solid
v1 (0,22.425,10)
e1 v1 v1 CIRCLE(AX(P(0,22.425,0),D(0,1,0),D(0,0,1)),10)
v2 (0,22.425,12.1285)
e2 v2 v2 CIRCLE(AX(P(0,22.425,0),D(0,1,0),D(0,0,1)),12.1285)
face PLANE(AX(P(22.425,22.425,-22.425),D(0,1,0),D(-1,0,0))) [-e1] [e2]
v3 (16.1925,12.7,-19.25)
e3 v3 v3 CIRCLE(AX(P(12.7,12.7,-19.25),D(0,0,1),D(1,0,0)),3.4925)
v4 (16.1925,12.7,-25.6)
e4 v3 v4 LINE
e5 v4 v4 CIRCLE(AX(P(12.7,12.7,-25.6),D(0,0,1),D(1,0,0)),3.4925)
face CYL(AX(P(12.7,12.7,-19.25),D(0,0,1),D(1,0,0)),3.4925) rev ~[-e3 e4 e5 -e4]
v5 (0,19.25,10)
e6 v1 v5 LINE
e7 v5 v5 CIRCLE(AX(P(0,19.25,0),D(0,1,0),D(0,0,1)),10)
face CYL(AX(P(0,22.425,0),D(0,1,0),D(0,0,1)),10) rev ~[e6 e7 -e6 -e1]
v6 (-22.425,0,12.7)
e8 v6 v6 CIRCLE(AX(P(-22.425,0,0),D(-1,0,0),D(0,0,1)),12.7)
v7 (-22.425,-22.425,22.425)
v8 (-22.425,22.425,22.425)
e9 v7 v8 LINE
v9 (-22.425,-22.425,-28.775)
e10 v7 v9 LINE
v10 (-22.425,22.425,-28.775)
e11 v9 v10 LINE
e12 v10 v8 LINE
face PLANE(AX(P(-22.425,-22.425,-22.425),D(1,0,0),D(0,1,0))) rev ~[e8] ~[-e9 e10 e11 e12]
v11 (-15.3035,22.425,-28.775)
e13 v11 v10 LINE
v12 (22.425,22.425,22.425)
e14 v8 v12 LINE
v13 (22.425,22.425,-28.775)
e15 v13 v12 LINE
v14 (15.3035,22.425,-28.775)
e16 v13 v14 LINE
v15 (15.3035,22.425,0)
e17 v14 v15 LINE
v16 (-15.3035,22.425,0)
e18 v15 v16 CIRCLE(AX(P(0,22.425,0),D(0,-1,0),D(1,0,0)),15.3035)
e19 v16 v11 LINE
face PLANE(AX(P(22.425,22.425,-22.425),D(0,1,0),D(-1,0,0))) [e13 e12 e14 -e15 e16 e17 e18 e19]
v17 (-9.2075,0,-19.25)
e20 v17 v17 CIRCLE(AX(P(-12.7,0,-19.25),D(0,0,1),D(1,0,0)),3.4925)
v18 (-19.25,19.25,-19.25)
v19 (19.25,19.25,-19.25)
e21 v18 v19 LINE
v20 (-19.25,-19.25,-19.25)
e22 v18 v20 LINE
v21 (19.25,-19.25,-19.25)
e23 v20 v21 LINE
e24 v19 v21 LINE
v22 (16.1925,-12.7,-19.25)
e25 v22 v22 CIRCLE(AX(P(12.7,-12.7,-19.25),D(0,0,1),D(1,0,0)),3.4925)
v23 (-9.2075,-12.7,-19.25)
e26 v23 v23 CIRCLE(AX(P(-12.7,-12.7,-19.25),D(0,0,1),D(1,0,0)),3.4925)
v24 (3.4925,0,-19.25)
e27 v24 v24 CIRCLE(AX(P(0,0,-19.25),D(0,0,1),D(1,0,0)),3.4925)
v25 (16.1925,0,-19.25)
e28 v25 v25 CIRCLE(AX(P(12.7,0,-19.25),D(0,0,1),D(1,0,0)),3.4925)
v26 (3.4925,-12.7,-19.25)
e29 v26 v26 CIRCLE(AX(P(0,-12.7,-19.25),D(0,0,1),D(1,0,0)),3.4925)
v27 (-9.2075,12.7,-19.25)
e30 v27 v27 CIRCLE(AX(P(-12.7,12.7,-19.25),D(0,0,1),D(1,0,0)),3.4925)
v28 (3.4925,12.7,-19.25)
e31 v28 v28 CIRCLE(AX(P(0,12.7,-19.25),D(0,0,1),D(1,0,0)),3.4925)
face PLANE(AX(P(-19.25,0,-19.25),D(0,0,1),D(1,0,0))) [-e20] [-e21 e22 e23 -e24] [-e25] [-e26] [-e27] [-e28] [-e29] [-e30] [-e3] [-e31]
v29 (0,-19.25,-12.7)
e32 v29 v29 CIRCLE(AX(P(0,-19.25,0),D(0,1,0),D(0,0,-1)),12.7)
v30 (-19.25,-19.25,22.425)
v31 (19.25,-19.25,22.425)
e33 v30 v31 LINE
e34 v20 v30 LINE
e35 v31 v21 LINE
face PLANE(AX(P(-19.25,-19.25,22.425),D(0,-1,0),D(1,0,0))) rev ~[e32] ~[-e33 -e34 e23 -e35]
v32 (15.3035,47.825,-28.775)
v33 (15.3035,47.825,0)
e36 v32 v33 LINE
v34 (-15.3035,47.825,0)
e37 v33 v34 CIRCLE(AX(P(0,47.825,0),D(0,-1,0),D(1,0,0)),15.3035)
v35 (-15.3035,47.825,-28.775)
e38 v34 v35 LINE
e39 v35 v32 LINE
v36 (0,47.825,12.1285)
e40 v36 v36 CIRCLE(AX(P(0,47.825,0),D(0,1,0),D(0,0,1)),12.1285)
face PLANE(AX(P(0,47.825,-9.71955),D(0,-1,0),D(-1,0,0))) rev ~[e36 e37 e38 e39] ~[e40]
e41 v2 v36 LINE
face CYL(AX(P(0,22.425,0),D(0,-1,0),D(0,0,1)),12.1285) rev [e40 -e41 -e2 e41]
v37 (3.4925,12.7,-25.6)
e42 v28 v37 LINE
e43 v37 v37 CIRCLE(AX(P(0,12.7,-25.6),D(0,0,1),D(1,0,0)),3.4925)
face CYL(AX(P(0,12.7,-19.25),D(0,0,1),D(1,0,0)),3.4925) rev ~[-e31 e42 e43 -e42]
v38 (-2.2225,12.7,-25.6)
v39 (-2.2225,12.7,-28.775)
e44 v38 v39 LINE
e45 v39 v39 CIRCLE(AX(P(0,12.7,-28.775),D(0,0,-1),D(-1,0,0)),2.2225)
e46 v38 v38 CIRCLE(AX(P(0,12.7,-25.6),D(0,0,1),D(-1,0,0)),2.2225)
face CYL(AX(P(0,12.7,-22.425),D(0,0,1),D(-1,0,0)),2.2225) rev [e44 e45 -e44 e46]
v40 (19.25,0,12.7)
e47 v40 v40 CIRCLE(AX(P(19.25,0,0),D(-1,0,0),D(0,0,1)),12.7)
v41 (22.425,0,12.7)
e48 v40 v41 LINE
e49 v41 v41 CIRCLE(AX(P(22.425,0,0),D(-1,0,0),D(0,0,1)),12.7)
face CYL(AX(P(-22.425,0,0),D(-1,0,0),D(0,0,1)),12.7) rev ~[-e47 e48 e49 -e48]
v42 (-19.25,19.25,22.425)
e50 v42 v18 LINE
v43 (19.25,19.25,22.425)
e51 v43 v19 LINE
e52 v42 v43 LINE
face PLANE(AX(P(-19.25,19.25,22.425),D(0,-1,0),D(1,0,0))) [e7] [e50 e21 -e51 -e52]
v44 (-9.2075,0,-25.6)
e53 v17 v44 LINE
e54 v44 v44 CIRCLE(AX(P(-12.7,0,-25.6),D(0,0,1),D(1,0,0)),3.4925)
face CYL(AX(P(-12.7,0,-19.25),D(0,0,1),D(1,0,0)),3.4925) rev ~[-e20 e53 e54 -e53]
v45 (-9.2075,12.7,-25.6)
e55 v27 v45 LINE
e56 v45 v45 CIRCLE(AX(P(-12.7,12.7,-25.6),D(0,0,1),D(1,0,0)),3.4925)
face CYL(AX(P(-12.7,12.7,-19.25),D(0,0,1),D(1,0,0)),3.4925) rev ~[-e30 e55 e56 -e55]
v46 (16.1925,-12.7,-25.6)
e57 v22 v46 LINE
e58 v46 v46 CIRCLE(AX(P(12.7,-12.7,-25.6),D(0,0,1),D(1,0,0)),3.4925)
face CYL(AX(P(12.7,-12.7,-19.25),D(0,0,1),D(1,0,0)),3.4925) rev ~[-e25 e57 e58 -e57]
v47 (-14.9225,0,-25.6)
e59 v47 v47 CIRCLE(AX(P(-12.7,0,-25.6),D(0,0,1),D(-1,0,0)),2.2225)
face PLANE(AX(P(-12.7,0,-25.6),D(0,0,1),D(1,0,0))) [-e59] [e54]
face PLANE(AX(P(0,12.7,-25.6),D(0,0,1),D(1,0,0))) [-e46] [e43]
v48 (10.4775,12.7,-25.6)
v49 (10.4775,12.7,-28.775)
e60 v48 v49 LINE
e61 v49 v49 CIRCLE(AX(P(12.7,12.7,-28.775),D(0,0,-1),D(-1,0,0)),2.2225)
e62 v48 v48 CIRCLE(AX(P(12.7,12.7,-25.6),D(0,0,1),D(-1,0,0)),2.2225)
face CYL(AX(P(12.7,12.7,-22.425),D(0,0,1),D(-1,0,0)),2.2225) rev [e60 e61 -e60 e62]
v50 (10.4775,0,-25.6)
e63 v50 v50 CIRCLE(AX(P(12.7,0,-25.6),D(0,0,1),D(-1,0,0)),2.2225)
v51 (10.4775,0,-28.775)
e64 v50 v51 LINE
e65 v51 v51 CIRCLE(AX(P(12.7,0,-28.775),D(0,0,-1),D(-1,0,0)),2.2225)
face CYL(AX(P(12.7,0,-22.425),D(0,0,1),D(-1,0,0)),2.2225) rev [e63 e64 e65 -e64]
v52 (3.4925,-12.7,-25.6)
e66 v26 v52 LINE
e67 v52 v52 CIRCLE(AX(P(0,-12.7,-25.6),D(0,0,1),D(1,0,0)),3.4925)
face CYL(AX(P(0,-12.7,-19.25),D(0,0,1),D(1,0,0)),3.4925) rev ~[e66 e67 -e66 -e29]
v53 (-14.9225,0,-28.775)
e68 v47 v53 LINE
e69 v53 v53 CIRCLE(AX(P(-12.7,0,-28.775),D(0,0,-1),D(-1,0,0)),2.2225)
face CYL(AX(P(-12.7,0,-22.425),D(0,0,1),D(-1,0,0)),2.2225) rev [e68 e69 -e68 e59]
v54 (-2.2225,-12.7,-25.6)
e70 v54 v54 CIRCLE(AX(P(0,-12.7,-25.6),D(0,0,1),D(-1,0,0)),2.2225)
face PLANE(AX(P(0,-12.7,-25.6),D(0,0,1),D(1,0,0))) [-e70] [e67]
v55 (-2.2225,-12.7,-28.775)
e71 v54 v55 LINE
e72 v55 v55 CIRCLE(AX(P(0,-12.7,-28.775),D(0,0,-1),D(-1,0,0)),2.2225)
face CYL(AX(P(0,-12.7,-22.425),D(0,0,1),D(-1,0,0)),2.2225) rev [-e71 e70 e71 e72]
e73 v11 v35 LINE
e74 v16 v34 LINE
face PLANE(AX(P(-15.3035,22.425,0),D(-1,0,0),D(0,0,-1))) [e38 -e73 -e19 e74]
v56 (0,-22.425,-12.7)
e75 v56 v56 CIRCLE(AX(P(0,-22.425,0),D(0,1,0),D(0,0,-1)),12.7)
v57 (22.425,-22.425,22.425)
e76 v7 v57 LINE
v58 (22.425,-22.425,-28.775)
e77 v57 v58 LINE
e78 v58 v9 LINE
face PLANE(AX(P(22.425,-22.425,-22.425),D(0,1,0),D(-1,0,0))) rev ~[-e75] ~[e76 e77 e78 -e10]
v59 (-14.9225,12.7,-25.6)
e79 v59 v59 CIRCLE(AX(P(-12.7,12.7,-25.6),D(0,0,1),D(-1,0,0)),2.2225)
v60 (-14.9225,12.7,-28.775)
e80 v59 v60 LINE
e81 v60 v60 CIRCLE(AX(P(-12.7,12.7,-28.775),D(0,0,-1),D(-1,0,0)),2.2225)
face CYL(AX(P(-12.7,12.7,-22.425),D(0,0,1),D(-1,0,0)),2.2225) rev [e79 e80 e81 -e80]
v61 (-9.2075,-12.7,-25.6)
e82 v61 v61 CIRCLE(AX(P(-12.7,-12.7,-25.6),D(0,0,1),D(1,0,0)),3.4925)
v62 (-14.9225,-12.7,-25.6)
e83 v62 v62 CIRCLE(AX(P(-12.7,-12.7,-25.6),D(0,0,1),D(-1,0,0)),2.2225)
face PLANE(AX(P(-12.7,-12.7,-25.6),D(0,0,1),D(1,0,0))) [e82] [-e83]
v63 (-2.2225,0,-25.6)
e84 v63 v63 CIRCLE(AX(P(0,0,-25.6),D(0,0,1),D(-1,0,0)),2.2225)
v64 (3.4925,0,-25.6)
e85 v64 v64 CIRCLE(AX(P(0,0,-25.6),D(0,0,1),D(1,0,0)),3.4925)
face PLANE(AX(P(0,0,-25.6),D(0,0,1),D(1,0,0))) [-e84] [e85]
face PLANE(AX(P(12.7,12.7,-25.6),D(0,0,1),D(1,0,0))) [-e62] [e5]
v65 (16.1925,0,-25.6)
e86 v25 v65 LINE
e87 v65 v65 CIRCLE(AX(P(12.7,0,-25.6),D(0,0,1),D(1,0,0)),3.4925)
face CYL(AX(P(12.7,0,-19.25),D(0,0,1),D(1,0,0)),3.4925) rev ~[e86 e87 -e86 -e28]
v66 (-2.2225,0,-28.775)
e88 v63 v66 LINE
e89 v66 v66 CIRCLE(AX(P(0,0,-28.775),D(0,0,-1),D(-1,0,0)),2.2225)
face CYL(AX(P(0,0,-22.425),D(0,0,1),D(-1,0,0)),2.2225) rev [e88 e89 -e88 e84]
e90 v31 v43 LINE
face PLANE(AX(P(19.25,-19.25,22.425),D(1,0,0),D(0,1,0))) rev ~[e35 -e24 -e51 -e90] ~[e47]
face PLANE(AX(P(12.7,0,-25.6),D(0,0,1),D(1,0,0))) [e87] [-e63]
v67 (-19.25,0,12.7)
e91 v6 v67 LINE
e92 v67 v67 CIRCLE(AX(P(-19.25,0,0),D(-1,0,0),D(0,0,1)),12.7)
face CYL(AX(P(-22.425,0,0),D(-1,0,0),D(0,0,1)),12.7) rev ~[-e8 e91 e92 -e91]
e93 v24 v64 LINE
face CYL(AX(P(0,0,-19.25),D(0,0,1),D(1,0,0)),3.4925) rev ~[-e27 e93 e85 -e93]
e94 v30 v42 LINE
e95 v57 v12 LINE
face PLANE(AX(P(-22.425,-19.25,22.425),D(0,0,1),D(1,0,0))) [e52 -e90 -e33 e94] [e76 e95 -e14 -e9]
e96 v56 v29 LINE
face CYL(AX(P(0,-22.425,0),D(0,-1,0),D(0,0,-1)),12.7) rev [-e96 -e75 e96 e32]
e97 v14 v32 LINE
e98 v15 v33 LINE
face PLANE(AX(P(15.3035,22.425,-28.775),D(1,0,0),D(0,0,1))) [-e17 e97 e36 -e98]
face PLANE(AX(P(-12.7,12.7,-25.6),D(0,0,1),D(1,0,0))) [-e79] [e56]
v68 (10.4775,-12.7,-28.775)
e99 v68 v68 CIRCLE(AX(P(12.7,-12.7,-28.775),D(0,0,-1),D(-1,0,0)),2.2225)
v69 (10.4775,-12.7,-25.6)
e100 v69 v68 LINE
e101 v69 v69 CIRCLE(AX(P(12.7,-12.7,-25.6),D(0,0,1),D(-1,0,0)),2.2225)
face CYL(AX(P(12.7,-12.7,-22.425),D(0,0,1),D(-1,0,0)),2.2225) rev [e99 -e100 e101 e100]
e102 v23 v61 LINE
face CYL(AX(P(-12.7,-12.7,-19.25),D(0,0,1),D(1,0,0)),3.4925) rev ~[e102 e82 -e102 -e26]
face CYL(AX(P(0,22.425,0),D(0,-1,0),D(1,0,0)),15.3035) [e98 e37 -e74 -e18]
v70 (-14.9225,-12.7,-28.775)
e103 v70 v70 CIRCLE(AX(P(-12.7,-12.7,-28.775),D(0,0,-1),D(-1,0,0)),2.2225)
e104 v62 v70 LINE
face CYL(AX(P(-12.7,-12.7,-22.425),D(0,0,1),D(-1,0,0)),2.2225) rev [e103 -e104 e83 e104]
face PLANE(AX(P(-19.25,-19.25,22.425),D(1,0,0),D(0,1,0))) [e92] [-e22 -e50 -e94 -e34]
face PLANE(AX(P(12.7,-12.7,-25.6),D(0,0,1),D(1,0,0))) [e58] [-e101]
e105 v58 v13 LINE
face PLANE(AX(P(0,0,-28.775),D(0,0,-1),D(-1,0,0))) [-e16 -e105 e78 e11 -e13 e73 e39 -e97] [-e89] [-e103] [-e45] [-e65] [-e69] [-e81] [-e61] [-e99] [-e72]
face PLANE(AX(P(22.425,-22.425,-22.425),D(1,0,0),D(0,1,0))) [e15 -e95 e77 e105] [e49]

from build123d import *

# Parameters (mm, degrees)
SKETCH1_W           = 44.85
SKETCH1_H           = 44.85
SKETCH1_W_2         = 38.5
SKETCH1_H_2         = 38.5
BOSS_EXTRUDE1_DEPTH = 19.25
SKETCH2_W           = 44.85
SKETCH2_H           = 44.85
BOSS_EXTRUDE2_DEPTH = 3.175
SKETCH3_W           = 44.85
SKETCH3_H           = 44.85
BOSS_EXTRUDE3_DEPTH = 3.175
SKETCH5_R           = 12.7
CUT_EXTRUDE1_DEPTH  = 3.175
CUT_EXTRUDE2_START  = 22.425
SKETCH6_R           = 10
CUT_EXTRUDE2_DEPTH  = 41.675
SKETCH7_R           = 12.7
CUT_EXTRUDE3_DEPTH  = 55.929807482
SKETCH8_W           = 44.85
SKETCH8_H           = 44.85
SKETCH8_R           = 2.2225
BOSS_EXTRUDE4_DEPTH = 6.35
SKETCH9_R           = 3.4925
CUT_EXTRUDE4_DEPTH  = 6.35
CUT_EXTRUDE5_REACH  = 62.226
SKETCH10_W          = 38.5
SKETCH10_H          = 38.5
SKETCH11_R          = 12.1285
BOSS_EXTRUDE5_DEPTH = 25.4


with BuildPart() as part:
    # Sketch1 → Boss-Extrude1 (new, symmetric)
    with BuildSketch(Plane(origin=(0, 0, 0), x_dir=(1, 0, 0), z_dir=(0, 1, 0))):
        Rectangle(SKETCH1_W, SKETCH1_H)
        Rectangle(SKETCH1_W_2, SKETCH1_H_2, mode=Mode.SUBTRACT)
    extrude(amount=BOSS_EXTRUDE1_DEPTH, both=True)

    # Sketch2 → Boss-Extrude2 (add)
    with BuildSketch(Plane(origin=(0, 19.25, 0), x_dir=(1, 0, 0), z_dir=(0, 1, 0))):
        Rectangle(SKETCH2_W, SKETCH2_H)
    extrude(amount=BOSS_EXTRUDE2_DEPTH)

    # Sketch3 → Boss-Extrude3 (add)
    with BuildSketch(Plane.XZ.offset(19.25)):
        Rectangle(SKETCH3_W, SKETCH3_H)
    extrude(amount=BOSS_EXTRUDE3_DEPTH)

    # Sketch5 → Cut-Extrude1 (cut)
    with BuildSketch(Plane(origin=(0, -22.425, -22.425), x_dir=(1, 0, 0), z_dir=(0, 1, 0))):
        with Locations(Location((0, -22.425, 0), (0, 0, 90))):
            Circle(SKETCH5_R)
    extrude(amount=CUT_EXTRUDE1_DEPTH, mode=Mode.SUBTRACT)

    # Sketch6 → Cut-Extrude2 (cut)
    with BuildSketch(Plane(origin=(0, 0, 0), x_dir=(1, 0, 0), z_dir=(0, 1, 0)).offset(CUT_EXTRUDE2_START)):
        with Locations(Location((0, 0, 0), (0, 0, 270))):
            Circle(SKETCH6_R)
    extrude(amount=-CUT_EXTRUDE2_DEPTH, mode=Mode.SUBTRACT)

    # Sketch7 → Cut-Extrude3 (cut, through all)
    with BuildSketch(Plane.ZY.offset(22.425)):
        Circle(SKETCH7_R)
    extrude(amount=-CUT_EXTRUDE3_DEPTH, mode=Mode.SUBTRACT)

    # Sketch8 → Boss-Extrude4 (add)
    with BuildSketch(Plane(origin=(0, 0, -22.425), x_dir=(-1, 0, 0), z_dir=(0, 0, -1))):
        Rectangle(SKETCH8_W, SKETCH8_H)
        with Locations((-12.7, 12.7)):
            Circle(SKETCH8_R, mode=Mode.SUBTRACT)
        with Locations((0, 12.7)):
            Circle(SKETCH8_R, mode=Mode.SUBTRACT)
        with Locations((12.7, 12.7)):
            Circle(SKETCH8_R, mode=Mode.SUBTRACT)
        Circle(SKETCH8_R, mode=Mode.SUBTRACT)
        with Locations((12.7, 0)):
            Circle(SKETCH8_R, mode=Mode.SUBTRACT)
        with Locations((0, -12.7)):
            Circle(SKETCH8_R, mode=Mode.SUBTRACT)
        with Locations((12.7, -12.7)):
            Circle(SKETCH8_R, mode=Mode.SUBTRACT)
        with Locations((-12.7, 0)):
            Circle(SKETCH8_R, mode=Mode.SUBTRACT)
        with Locations((-12.7, -12.7)):
            Circle(SKETCH8_R, mode=Mode.SUBTRACT)
    extrude(amount=BOSS_EXTRUDE4_DEPTH)

    # Sketch9 → Cut-Extrude4 (cut)
    with BuildSketch(Plane.XY.offset(-19.25)):
        with Locations((12.7, 12.7)):
            Circle(SKETCH9_R)
        with Locations((0, 12.7)):
            Circle(SKETCH9_R)
        with Locations((-12.7, 12.7)):
            Circle(SKETCH9_R)
        Circle(SKETCH9_R)
        with Locations((-12.7, 0)):
            Circle(SKETCH9_R)
        with Locations((0, -12.7)):
            Circle(SKETCH9_R)
        with Locations((-12.7, -12.7)):
            Circle(SKETCH9_R)
        with Locations((12.7, 0)):
            Circle(SKETCH9_R)
        with Locations((12.7, -12.7)):
            Circle(SKETCH9_R)
    extrude(amount=-CUT_EXTRUDE4_DEPTH, mode=Mode.SUBTRACT)

    # Sketch10 → Cut-Extrude5 (cut, up to next)
    with BuildSketch(Plane.XY.offset(22.425), mode=Mode.PRIVATE) as cut_extrude5_sk1:
        Rectangle(SKETCH10_W, SKETCH10_H)
    cut_extrude5_tool1 = extrude(cut_extrude5_sk1.sketch, amount=-CUT_EXTRUDE5_REACH, mode=Mode.PRIVATE) & part.part
    add(cut_extrude5_tool1.solids().sort_by_distance((0, 0, 22.425))[0], mode=Mode.SUBTRACT)

    # Sketch11 → Boss-Extrude5 (add)
    with BuildSketch(Plane(origin=(0, 22.425, 0), x_dir=(1, 0, 0), z_dir=(0, 1, 0))):
        with BuildLine():
            Line((-15.3035, 0), (-15.3035, 28.775))
            Line((-15.3035, 28.775), (15.3035, 28.775))
            Line((15.3035, 28.775), (15.3035, 0))
            ThreePointArc((15.3035, 0), (0, -15.3035), (-15.3035, 0))
        make_face()
        with Locations(Location((0, 0, 0), (0, 0, 270))):
            Circle(SKETCH11_R, mode=Mode.SUBTRACT)
    extrude(amount=BOSS_EXTRUDE5_DEPTH)


solid = part.part
